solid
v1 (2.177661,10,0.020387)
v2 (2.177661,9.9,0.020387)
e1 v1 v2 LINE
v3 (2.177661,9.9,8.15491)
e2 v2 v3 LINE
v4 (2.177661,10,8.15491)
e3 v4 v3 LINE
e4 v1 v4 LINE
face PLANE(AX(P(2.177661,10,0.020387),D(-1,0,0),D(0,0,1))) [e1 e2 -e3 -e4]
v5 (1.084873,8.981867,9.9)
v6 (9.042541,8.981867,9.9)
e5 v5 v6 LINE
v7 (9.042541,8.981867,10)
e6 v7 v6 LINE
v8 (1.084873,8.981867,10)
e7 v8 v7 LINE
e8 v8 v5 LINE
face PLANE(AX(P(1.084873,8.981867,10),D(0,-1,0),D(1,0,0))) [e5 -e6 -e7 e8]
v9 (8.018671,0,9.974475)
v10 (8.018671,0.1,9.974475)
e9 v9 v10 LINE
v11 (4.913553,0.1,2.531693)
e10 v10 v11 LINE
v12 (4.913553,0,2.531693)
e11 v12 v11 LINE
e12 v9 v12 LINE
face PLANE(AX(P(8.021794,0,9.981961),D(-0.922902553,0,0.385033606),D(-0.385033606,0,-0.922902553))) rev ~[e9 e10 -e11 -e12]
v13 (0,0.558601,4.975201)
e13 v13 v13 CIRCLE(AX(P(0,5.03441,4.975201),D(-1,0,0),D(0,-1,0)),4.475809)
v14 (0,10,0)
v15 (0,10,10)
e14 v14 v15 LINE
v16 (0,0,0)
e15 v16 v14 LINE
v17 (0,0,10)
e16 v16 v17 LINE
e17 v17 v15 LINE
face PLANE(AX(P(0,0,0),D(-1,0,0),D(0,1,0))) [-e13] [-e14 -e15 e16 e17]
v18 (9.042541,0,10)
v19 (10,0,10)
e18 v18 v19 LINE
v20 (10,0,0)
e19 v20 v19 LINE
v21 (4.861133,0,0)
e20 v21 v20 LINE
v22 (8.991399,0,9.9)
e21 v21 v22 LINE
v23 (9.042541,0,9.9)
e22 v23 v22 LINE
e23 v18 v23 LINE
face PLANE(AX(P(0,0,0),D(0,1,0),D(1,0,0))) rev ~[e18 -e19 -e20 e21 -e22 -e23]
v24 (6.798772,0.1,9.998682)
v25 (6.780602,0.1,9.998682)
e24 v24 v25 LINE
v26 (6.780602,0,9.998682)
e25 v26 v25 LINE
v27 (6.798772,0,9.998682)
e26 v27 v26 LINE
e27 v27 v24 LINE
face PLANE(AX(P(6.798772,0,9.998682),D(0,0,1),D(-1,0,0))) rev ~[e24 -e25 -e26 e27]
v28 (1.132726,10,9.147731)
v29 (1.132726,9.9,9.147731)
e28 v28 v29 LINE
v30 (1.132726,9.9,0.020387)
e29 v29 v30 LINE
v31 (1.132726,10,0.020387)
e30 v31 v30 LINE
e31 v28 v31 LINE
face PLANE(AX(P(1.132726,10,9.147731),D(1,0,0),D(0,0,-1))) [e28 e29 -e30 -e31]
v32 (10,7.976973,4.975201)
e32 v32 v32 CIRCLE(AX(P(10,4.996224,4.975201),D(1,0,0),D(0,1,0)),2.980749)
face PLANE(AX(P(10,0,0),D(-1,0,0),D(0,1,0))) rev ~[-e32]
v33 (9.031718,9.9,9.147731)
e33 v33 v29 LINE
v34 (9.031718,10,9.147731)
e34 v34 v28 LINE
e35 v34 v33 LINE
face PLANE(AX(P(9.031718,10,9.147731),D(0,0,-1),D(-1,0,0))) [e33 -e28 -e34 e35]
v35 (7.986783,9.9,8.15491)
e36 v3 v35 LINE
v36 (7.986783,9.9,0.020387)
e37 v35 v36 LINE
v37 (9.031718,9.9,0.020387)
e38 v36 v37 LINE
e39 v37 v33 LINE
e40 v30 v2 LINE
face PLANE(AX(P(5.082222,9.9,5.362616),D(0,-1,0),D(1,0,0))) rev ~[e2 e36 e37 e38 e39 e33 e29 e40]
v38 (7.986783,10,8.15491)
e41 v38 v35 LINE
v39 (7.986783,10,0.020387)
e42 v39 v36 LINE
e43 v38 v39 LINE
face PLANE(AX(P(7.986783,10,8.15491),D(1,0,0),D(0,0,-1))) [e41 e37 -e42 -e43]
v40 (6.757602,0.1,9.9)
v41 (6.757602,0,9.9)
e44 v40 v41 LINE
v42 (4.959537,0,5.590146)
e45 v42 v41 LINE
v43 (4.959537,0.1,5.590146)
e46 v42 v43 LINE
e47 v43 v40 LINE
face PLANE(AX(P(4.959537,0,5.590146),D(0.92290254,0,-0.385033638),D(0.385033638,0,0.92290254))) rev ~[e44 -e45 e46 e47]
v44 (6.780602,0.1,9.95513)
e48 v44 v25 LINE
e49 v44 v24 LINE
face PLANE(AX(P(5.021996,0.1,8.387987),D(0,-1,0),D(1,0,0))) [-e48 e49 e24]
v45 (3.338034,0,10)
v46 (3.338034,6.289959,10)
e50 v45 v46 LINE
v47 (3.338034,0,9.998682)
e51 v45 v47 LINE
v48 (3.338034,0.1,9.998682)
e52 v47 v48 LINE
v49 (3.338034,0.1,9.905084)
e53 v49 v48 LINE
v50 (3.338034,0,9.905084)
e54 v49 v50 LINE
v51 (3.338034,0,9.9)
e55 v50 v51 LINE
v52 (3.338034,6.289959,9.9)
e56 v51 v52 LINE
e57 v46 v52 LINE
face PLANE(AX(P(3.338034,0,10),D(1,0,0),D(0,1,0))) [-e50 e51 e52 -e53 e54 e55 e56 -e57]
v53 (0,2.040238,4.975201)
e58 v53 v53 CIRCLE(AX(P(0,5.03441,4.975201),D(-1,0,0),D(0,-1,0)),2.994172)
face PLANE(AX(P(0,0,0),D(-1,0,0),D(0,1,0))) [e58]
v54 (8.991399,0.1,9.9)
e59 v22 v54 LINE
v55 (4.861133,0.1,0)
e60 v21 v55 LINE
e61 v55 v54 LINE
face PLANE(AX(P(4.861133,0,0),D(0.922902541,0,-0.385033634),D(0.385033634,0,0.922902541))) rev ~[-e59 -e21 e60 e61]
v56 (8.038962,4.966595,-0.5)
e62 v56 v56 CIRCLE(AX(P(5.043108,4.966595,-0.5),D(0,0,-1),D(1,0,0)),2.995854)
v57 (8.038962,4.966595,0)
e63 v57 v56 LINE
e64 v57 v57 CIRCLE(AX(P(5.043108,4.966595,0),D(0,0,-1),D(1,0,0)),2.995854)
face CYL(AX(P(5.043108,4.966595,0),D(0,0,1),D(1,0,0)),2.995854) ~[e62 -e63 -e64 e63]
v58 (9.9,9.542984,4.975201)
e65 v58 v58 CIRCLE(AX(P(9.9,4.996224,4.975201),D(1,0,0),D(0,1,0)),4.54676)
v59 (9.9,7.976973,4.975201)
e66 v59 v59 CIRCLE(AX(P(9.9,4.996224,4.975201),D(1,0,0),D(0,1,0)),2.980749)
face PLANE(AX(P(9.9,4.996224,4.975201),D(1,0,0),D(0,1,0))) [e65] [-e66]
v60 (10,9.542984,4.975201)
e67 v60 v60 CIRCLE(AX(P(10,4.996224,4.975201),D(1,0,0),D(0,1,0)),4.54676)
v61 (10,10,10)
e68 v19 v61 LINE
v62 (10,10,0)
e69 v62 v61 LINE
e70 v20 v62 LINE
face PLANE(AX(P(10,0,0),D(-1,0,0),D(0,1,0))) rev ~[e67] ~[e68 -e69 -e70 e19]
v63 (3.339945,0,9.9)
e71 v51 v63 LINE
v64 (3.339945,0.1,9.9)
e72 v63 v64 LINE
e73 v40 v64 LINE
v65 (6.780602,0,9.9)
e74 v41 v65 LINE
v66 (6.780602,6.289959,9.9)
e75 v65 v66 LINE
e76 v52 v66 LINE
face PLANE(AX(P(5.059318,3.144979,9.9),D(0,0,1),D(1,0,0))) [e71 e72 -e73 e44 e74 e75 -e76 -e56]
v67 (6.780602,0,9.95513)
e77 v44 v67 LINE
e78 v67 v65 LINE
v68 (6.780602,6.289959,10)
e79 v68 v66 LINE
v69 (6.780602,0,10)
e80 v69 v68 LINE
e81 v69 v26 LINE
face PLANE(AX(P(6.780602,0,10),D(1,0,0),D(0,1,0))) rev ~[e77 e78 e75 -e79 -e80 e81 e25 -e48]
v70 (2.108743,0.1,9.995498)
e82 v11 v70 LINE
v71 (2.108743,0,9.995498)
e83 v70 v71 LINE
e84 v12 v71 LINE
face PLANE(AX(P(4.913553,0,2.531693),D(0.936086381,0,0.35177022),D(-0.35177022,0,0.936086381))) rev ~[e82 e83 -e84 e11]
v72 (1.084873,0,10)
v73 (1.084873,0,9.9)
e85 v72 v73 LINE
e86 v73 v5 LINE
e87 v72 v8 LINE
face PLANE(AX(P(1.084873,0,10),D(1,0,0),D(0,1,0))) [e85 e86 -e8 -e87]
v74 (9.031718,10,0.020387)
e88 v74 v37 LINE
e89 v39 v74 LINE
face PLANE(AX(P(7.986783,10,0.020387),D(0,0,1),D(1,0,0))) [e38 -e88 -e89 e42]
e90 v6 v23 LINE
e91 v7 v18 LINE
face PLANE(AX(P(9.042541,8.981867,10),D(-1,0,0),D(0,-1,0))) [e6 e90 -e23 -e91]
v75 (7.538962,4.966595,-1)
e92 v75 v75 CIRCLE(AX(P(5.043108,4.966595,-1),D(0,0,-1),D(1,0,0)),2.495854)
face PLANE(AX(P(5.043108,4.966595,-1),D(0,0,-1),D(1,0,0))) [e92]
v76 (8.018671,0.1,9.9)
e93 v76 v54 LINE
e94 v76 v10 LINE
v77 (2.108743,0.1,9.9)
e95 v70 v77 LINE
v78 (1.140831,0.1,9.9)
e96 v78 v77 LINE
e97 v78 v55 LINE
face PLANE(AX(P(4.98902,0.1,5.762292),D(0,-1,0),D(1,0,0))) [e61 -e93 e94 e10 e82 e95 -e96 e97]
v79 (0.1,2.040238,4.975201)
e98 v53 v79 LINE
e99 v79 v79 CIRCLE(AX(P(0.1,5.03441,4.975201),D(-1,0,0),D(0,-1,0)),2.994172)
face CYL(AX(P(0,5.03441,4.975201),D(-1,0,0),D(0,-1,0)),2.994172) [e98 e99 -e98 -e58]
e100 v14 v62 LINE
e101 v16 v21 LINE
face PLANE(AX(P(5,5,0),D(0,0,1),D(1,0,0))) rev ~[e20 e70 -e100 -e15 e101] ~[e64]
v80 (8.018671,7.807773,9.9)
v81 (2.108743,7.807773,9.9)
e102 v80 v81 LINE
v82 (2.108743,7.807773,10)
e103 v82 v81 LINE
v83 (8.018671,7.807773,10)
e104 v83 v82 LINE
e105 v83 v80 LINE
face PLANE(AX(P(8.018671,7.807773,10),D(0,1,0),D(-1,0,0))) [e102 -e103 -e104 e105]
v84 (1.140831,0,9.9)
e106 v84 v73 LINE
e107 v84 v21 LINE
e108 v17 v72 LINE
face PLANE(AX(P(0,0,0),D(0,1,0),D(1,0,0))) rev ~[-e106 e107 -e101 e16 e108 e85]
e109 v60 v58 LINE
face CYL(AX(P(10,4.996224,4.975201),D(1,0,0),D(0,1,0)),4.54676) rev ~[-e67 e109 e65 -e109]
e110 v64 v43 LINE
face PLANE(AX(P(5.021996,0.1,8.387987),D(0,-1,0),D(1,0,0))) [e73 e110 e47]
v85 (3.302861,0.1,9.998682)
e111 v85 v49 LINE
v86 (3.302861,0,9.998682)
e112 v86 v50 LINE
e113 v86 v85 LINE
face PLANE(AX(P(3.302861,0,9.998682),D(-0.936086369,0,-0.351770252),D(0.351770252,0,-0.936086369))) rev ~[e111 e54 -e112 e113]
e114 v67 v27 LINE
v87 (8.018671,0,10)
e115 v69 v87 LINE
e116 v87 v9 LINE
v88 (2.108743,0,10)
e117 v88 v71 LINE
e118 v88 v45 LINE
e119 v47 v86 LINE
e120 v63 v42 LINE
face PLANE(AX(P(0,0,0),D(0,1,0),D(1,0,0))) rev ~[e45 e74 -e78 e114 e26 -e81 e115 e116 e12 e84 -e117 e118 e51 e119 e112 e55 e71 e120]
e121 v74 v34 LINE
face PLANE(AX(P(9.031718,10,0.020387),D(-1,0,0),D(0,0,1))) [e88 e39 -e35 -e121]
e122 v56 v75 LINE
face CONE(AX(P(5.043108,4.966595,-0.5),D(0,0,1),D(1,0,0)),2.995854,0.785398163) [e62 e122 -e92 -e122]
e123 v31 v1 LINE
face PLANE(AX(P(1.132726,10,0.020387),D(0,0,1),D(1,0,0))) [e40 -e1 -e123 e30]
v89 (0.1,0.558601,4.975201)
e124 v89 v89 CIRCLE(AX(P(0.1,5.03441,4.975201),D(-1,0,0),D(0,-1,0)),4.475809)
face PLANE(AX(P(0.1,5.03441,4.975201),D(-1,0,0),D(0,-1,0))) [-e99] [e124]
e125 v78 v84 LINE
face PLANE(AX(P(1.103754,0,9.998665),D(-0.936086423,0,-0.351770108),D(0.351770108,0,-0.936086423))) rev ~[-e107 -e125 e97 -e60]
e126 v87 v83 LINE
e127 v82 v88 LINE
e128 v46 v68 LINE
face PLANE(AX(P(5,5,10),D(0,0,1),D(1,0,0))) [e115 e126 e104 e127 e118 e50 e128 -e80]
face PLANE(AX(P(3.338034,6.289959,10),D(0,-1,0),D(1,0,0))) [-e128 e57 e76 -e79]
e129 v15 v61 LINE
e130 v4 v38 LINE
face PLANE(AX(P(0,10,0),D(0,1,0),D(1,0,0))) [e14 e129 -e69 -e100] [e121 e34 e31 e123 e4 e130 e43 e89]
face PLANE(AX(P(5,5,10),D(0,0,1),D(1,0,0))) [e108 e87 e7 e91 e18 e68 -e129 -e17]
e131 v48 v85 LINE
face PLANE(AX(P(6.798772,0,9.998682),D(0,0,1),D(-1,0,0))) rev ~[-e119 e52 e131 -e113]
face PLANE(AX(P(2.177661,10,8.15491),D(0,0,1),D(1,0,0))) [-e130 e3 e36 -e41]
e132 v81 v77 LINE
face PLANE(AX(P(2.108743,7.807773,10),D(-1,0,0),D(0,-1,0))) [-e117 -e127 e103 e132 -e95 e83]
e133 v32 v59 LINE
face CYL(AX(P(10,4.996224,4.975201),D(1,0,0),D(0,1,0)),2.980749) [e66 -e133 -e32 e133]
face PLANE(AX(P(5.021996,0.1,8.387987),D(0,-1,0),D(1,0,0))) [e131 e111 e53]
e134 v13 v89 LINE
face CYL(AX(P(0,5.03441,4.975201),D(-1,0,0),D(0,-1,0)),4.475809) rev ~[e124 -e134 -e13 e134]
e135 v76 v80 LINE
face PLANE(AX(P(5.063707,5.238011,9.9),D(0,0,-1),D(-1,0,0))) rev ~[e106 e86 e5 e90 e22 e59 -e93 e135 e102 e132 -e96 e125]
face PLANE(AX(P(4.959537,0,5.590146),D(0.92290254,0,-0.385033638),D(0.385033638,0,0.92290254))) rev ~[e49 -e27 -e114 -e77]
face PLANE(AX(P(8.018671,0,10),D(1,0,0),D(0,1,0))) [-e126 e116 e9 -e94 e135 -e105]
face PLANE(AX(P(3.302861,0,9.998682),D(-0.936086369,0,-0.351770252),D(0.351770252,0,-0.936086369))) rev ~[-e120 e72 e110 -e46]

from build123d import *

# Parameters (mm, degrees)
BOX_W           = 10
BOX_H           = 10
BOX_DEPTH       = 10
SKETCH005_R     = 2.995854
PAD_DEPTH       = 1
CHAMFER_SIZE    = 0.5
POCKET_DEPTH    = 0.1
SKETCH002_R     = 4.475809
SKETCH002_R_2   = 2.994172
POCKET001_DEPTH = 0.1
SKETCH003_R     = 4.54676
SKETCH003_R_2   = 2.980749
POCKET002_DEPTH = 0.1
SKETCH001_W     = 3.442568
SKETCH001_H     = 6.289959
POCKET003_DEPTH = 0.1
POCKET004_DEPTH = 0.1


with BuildPart() as part:
    # Box → Box (new body)
    with BuildSketch(Plane.XY):
        with Locations((5, 5)):
            Rectangle(BOX_W, BOX_H)
    extrude(amount=BOX_DEPTH)

    # Sketch005 → Pad (new body)
    with BuildSketch(Plane(origin=(0, 0, 0), x_dir=(1, 0, 0), z_dir=(0, 0, -1))):
        with Locations((5.043108, -4.966595)):
            Circle(SKETCH005_R)
    extrude(amount=PAD_DEPTH)

    # Chamfer
    chamfer_edges = [part.edges().sort_by_distance(p)[0] for p in [
        (2.047254, 4.966595, -1),
    ]]
    chamfer(chamfer_edges, length=CHAMFER_SIZE)

    # Sketch → Pocket (cut)
    with BuildSketch(Plane.XZ):
        Polygon((1.103754, 9.998665), (4.861133, 0), (9.025593, 9.981961), (8.021794, 9.981961), (4.913553, 2.531693), (2.107553, 9.998665), align=None)
        Polygon((3.302861, 9.998682), (4.959537, 5.590146), (6.798772, 9.998682), align=None)
    extrude(amount=-POCKET_DEPTH, mode=Mode.SUBTRACT)

    # Sketch002 → Pocket001 (cut)
    with BuildSketch(Plane(origin=(0, 0, 0), x_dir=(0, -1, 0), z_dir=(-1, 0, 0))):
        with Locations((-5.03441, 4.975201)):
            Circle(SKETCH002_R)
        with Locations((-5.03441, 4.975201)):
            Circle(SKETCH002_R_2, mode=Mode.SUBTRACT)
    extrude(amount=-POCKET001_DEPTH, mode=Mode.SUBTRACT)

    # Sketch003 → Pocket002 (cut)
    with BuildSketch(Plane.YZ.offset(10)):
        with Locations((4.996224, 4.975201)):
            Circle(SKETCH003_R)
        with Locations((4.996224, 4.975201)):
            Circle(SKETCH003_R_2, mode=Mode.SUBTRACT)
    extrude(amount=-POCKET002_DEPTH, mode=Mode.SUBTRACT)

    # Sketch001 → Pocket003 (cut)
    with BuildSketch(Plane.XY.offset(10)):
        Polygon((1.084873, 0), (1.084873, 8.981867), (9.042541, 8.981867), (9.042541, 0), (8.018671, 0), (8.018671, 7.807773), (2.108743, 7.807773), (2.108743, 0), align=None)
        with Locations((5.059318, 3.144979)):
            Rectangle(SKETCH001_W, SKETCH001_H)
    extrude(amount=-POCKET003_DEPTH, mode=Mode.SUBTRACT)

    # Sketch004 → Pocket004 (cut)
    with BuildSketch(Plane(origin=(0, 10, 0), x_dir=(-1, 0, 0), z_dir=(0, 1, 0))):
        Polygon((-9.031718, 0.020387), (-9.031718, 9.147731), (-1.132726, 9.147731), (-1.132726, 0.020387), (-2.177661, 0.020387), (-2.177661, 8.15491), (-7.986783, 8.15491), (-7.986783, 0.020387), align=None)
    extrude(amount=-POCKET004_DEPTH, mode=Mode.SUBTRACT)


solid = part.part
